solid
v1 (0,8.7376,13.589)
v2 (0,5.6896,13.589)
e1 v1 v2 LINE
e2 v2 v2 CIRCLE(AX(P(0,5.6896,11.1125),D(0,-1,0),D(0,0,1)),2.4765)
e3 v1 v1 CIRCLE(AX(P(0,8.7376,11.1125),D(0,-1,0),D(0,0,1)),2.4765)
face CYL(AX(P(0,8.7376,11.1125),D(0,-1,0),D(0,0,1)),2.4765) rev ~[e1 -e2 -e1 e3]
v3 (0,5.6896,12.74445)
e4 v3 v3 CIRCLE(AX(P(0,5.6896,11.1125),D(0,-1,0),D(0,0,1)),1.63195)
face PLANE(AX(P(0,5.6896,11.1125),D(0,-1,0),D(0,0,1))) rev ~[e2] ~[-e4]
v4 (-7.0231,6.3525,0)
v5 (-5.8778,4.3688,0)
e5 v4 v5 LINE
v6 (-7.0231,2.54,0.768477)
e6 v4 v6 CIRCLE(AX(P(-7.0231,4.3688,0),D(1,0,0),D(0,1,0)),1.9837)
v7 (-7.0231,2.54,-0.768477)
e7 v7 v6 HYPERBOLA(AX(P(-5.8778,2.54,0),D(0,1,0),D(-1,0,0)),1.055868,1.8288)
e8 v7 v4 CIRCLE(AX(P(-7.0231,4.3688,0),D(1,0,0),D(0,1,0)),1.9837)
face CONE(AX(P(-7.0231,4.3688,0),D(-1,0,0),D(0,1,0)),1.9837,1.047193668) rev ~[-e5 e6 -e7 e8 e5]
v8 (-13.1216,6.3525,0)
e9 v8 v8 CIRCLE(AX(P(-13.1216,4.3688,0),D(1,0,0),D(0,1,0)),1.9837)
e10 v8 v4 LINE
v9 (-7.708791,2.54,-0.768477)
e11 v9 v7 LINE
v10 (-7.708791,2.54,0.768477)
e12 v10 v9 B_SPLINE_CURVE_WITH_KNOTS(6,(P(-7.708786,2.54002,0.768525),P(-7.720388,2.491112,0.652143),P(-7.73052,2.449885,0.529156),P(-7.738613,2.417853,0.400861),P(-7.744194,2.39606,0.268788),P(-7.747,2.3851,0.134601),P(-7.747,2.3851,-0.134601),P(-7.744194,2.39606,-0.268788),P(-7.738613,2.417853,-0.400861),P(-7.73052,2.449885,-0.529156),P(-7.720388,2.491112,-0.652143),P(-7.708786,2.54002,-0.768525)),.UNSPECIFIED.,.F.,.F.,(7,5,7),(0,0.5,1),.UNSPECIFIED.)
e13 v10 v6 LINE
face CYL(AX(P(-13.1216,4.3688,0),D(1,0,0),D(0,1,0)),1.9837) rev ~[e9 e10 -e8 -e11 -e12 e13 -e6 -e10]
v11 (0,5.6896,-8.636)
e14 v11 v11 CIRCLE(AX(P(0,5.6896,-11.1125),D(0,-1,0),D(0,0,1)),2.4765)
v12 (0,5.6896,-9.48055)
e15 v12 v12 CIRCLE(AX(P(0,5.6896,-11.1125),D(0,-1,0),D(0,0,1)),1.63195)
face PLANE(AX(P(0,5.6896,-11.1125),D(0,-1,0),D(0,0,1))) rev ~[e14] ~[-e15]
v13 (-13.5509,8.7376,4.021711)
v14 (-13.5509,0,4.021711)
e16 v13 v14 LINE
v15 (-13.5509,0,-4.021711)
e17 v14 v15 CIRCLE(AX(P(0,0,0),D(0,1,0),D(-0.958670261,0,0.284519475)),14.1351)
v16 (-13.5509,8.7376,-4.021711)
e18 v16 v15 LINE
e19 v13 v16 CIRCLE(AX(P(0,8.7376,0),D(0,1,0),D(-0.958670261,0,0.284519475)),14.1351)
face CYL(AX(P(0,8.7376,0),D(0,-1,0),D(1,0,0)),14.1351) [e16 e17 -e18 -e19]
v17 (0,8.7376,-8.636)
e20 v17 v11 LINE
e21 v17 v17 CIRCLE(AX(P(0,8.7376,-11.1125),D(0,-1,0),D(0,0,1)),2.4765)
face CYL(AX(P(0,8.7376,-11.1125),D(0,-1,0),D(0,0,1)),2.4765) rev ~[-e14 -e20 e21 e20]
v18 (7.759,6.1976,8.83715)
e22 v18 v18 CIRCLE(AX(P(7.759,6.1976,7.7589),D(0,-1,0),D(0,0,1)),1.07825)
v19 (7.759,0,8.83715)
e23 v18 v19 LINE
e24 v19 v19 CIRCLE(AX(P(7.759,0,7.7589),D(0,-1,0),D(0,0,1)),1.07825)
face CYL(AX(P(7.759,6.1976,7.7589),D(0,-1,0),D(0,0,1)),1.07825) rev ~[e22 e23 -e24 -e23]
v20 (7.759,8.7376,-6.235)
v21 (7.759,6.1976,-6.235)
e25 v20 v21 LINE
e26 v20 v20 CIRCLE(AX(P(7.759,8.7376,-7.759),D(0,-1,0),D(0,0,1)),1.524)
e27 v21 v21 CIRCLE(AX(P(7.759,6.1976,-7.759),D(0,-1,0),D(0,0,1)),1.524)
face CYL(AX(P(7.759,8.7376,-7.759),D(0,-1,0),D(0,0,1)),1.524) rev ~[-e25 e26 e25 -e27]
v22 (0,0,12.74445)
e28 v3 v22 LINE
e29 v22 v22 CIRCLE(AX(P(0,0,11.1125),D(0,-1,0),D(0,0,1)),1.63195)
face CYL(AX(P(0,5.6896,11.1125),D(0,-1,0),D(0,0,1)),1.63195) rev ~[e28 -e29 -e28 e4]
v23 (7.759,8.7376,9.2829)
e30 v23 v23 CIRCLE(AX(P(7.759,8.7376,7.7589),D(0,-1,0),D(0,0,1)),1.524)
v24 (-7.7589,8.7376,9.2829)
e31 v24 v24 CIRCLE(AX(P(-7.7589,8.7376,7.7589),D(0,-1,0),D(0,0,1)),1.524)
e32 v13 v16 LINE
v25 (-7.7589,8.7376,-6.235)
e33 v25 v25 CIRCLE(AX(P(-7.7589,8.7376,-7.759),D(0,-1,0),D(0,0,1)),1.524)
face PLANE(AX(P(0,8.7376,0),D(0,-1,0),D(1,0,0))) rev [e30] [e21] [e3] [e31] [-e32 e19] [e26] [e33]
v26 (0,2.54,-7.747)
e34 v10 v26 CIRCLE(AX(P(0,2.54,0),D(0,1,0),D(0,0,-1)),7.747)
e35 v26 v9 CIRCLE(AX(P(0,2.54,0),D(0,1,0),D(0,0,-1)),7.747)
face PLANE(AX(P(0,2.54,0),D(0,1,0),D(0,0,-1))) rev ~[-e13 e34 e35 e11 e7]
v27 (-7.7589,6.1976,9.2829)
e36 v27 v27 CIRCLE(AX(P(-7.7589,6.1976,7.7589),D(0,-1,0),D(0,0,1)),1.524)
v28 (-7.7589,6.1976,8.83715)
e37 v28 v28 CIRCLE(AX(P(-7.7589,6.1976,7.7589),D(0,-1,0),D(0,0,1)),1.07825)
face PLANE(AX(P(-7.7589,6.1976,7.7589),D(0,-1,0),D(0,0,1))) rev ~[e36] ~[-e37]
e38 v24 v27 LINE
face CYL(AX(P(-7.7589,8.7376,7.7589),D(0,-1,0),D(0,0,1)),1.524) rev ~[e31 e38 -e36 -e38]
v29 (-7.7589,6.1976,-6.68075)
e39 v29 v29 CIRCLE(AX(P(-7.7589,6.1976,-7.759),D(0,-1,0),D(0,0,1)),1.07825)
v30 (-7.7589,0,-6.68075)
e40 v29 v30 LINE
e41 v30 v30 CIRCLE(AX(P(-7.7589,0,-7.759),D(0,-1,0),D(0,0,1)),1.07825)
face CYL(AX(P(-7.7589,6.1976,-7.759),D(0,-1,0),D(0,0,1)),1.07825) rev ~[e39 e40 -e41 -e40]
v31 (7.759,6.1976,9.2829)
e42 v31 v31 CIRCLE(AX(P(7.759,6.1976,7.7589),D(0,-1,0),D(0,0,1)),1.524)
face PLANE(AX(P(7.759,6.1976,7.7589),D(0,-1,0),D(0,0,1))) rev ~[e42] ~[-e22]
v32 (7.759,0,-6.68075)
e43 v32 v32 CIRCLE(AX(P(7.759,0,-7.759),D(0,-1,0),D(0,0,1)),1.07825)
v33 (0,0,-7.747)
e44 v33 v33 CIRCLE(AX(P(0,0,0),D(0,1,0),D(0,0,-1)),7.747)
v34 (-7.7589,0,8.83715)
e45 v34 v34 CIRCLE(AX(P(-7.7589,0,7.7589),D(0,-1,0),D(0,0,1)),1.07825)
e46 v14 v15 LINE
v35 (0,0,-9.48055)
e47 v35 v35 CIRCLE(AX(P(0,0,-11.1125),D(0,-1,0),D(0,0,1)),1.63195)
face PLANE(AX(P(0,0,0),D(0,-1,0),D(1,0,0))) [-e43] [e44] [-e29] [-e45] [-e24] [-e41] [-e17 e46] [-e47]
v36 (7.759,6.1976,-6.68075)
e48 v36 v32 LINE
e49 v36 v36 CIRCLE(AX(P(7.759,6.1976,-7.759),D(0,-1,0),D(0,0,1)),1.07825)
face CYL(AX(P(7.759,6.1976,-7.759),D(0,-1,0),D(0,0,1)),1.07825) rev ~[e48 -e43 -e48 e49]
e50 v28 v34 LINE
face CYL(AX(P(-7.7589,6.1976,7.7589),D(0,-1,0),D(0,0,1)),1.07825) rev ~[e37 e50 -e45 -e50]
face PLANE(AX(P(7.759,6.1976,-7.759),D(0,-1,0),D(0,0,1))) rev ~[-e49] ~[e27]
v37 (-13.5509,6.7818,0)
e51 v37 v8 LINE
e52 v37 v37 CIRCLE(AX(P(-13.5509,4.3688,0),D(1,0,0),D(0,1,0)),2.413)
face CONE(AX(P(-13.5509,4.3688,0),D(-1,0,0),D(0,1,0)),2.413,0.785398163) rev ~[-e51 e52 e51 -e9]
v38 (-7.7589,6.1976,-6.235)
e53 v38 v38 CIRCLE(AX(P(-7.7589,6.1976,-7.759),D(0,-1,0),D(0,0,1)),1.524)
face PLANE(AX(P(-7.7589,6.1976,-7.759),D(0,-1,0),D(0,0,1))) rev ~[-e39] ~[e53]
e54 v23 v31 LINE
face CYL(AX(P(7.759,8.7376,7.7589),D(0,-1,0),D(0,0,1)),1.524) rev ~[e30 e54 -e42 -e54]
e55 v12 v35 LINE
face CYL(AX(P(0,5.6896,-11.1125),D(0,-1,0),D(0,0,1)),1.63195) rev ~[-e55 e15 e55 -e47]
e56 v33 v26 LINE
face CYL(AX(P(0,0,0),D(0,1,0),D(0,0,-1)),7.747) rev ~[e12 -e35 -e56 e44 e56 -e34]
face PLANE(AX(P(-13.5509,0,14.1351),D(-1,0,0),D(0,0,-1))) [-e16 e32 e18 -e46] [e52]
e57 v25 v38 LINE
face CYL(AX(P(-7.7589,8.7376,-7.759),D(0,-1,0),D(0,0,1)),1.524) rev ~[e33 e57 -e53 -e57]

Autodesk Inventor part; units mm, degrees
sketch "Sketch_1" plane through (0, 0, 0) normal (0, 0, 1) x (1, 0, 0)
  line L0 (0, 0) -> (0, 8.7376)
  line L1 (0, 8.7376) -> (14.1351, 8.7376)
  line L2 (14.1351, 8.7376) -> (14.1351, 0)
  line L3 (14.1351, 0) -> (0, 0)
  line L4 (0, 0) -> (0, 8.7376)
revolve "Revolution1" add sketch "Sketch_1" angle 360 about axis through (0, 0, 0) along (0, -1, 0)
sketch "Sketch_63" plane through (0, 0, 0) normal (0, 1, 0) x (-1, 0, 0)
  line L0 (20.6184, 14.1351) -> (13.5509, 14.1351)
  line L1 (13.5509, 14.1351) -> (13.5509, -14.1351)
  line L2 (13.5509, -14.1351) -> (20.6184, -14.1351)
  line L3 (20.6184, -14.1351) -> (20.6184, 14.1351)
extrude "Extrusion1" cut sketch "Sketch_63" along normal blind 8.7376
sketch "Sketch_37" plane through (0, 0, 0) normal (0, 0, 1) x (1, 0, 0)
  line L0 (-5.8778, 4.3688) -> (-14.1351, 4.3688)
  line L1 (-14.1351, 4.3688) -> (-14.1351, 8.3376)
  line L2 (-14.1351, 8.3376) -> (-13.5509, 8.3376)
  line L3 (-13.5509, 8.3376) -> (-13.5509, 6.7818)
  line L4 (-13.5509, 6.7818) -> (-13.1216, 6.3525)
  line L5 (-13.1216, 6.3525) -> (-7.0231, 6.3525)
  line L6 (-7.0231, 6.3525) -> (-5.8778, 4.3688)
  line L7 (-5.8778, 4.3688) -> (-14.1351, 4.3688)
revolve "Revolution2" cut sketch "Sketch_37" angle 360 about axis through (-5.8778, 4.3688, 0) along (1, 0, 0)
thread "Thread1" size "10-32 UNF" class "2B" standard "ANSI Unified Screw Threads" length 4.6507
sketch "Sketch4" plane through (0, 0, 0) normal (0, -1, 0) x (1, 0, 0)
  point P0 (0, 0)
hole "Hole1" at (0, 0, 0) direction (0, 1, 0) diameter 15.494 depth 2.54
sketch "Sketch5" plane through (0, 8.7376, 0) normal (0, 1, 0) x (1, 0, 0)
  point P0 (0, -11.1125)
hole "Hole2" at (0, 8.7376, 11.1125) direction (0, -1, 0) diameter 3.2639 depth 8.7376 counterbore diameter 4.953 counterbore depth 3.048
sketch "Sketch6" plane through (0, 8.7376, 0) normal (0, 1, 0) x (1, 0, 0)
  point P0 (0, 11.1125)
hole "Hole3" at (0, 8.7376, -11.1125) direction (0, -1, 0) diameter 3.2639 depth 8.7376 counterbore diameter 4.953 counterbore depth 3.048
sketch "Sketch7" plane through (0, 8.7376, 0) normal (0, 1, 0) x (1, 0, 0)
  point P0 (-7.7589, -7.7589)
hole "Hole4" at (-7.7589, 8.7376, 7.7589) direction (0, -1, 0) diameter 2.1565 depth 8.7376 counterbore diameter 3.048 counterbore depth 2.54 thread size "4-40 UNC" class "2B" standard "ANSI Unified Screw Threads"
pattern_linear "Rectangular Pattern1" count 2 spacing 15.5179 along (1, 0, 0) count 2 spacing 15.5179 along (0, 0, -1) of "Hole4"
ref_plane "a1_XY" through (0, 8.7376, -14.1351) normal (0, 1, 0) x (1, 0, 0)
ref_plane "a1_YZ" through (0, 8.7376, -14.1351) normal (1, 0, 0) x (0, 0, -1)
ref_plane "a1_ZX" through (0, 8.7376, -14.1351) normal (0, 0, -1) x (0, 1, 0)
ref_plane "a2_XY" through (0, 8.7376, 14.1351) normal (0, 1, 0) x (1, 0, 0)
ref_plane "a2_YZ" through (0, 8.7376, 14.1351) normal (1, 0, 0) x (0, 0, -1)
ref_plane "a2_ZX" through (0, 8.7376, 14.1351) normal (0, 0, -1) x (0, 1, 0)
ref_plane "ar3_XY" through (-7.9026, 2.54, 7.9026) normal (0, 1, 0) x (1, 0, 0)
ref_plane "ar3_YZ" through (-7.9026, 2.54, 7.9026) normal (1, 0, 0) x (0, 0, -1)
ref_plane "ar3_ZX" through (-7.9026, 2.54, 7.9026) normal (0, 0, -1) x (0, 1, 0)
ref_plane "ar4_XY" through (7.9026, 2.54, 7.9026) normal (0, 1, 0) x (1, 0, 0)
ref_plane "ar4_YZ" through (7.9026, 2.54, 7.9026) normal (1, 0, 0) x (0, 0, -1)
ref_plane "ar4_ZX" through (7.9026, 2.54, 7.9026) normal (0, 0, -1) x (0, 1, 0)
ref_plane "ar5_XY" through (7.9026, 2.54, -7.9026) normal (0, 1, 0) x (1, 0, 0)
ref_plane "ar5_YZ" through (7.9026, 2.54, -7.9026) normal (1, 0, 0) x (0, 0, -1)
ref_plane "ar5_ZX" through (7.9026, 2.54, -7.9026) normal (0, 0, -1) x (0, 1, 0)
ref_plane "ar6_XY" through (-7.9026, 2.54, -7.9026) normal (0, 1, 0) x (1, 0, 0)
ref_plane "ar6_YZ" through (-7.9026, 2.54, -7.9026) normal (1, 0, 0) x (0, 0, -1)
ref_plane "ar6_ZX" through (-7.9026, 2.54, -7.9026) normal (0, 0, -1) x (0, 1, 0)
ref_plane "b1_XY" through (0, 8.7376, 0) normal (0, 1, 0) x (1, 0, 0)
ref_plane "b1_YZ" through (0, 8.7376, 0) normal (1, 0, 0) x (0, 0, -1)
ref_plane "b1_ZX" through (0, 8.7376, 0) normal (0, 0, -1) x (0, 1, 0)
ref_plane "j_XY" through (0, 0, 0) normal (0, 1, 0) x (1, 0, 0)
ref_plane "j_YZ" through (0, 0, 0) normal (1, 0, 0) x (0, 0, -1)
ref_plane "j_ZX" through (0, 0, 0) normal (0, 0, -1) x (0, 1, 0)
ref_plane "k1_XY" through (-13.5509, 4.3688, 0) normal (0, 0, 1) x (1, 0, 0)
ref_plane "k1_YZ" through (-13.5509, 4.3688, 0) normal (1, 0, 0) x (0, 1, 0)
ref_plane "k1_ZX" through (-13.5509, 4.3688, 0) normal (0, 1, 0) x (0, 0, 1)
ref_plane "k2_XY" through (-13.5509, 8.7376, 0) normal (0, 0, 1) x (1, 0, 0)
ref_plane "k2_YZ" through (-13.5509, 8.7376, 0) normal (1, 0, 0) x (0, 1, 0)
ref_plane "k2_ZX" through (-13.5509, 8.7376, 0) normal (0, 1, 0) x (0, 0, 1)
ref_plane "l1_XY" through (-13.5509, 6.7818, 0) normal (0, 0, 1) x (1, 0, 0)
ref_plane "l1_YZ" through (-13.5509, 6.7818, 0) normal (1, 0, 0) x (0, 1, 0)
ref_plane "l1_ZX" through (-13.5509, 6.7818, 0) normal (0, 1, 0) x (0, 0, 1)
ref_plane "l2_XY" through (-13.5509, 1.9558, 0) normal (0, 0, 1) x (1, 0, 0)
ref_plane "l2_YZ" through (-13.5509, 1.9558, 0) normal (1, 0, 0) x (0, 1, 0)
ref_plane "l2_ZX" through (-13.5509, 1.9558, 0) normal (0, 1, 0) x (0, 0, 1)
ref_plane "po1_XY" through (10.9728, 0, 0) normal (0, 1, 0) x (1, 0, 0)
ref_plane "po1_YZ" through (10.9728, 0, 0) normal (1, 0, 0) x (0, 0, -1)
ref_plane "po1_ZX" through (10.9728, 0, 0) normal (0, 0, -1) x (0, 1, 0)
ref_plane "po2_XY" through (-5.4864, 0, -9.5027) normal (0, 1, 0) x (1, 0, 0)
ref_plane "po2_YZ" through (-5.4864, 0, -9.5027) normal (1, 0, 0) x (0, 0, -1)
ref_plane "po2_ZX" through (-5.4864, 0, -9.5027) normal (0, 0, -1) x (0, 1, 0)
ref_plane "po3_XY" through (-5.4864, 0, 9.5027) normal (0, 1, 0) x (1, 0, 0)
ref_plane "po3_YZ" through (-5.4864, 0, 9.5027) normal (1, 0, 0) x (0, 0, -1)
ref_plane "po3_ZX" through (-5.4864, 0, 9.5027) normal (0, 0, -1) x (0, 1, 0)
ref_plane "r7_XY" through (-1.7526, 8.7376, -11.1125) normal (0, 1, 0) x (1, 0, 0)
ref_plane "r7_YZ" through (-1.7526, 8.7376, -11.1125) normal (1, 0, 0) x (0, 0, -1)
ref_plane "r7_ZX" through (-1.7526, 8.7376, -11.1125) normal (0, 0, -1) x (0, 1, 0)
ref_plane "r71_XY" through (0, 8.7376, 11.1125) normal (0, 1, 0) x (1, 0, 0)
ref_plane "r71_YZ" through (0, 8.7376, 11.1125) normal (1, 0, 0) x (0, 0, -1)
ref_plane "r71_ZX" through (0, 8.7376, 11.1125) normal (0, 0, -1) x (0, 1, 0)
ref_plane "r72_XY" through (1.7526, 8.7376, -11.1125) normal (0, 1, 0) x (1, 0, 0)
ref_plane "r72_YZ" through (1.7526, 8.7376, -11.1125) normal (1, 0, 0) x (0, 0, -1)
ref_plane "r72_ZX" through (1.7526, 8.7376, -11.1125) normal (0, 0, -1) x (0, 1, 0)
ref_plane "r73_XY" through (0, 8.7376, -11.1125) normal (0, 1, 0) x (1, 0, 0)
ref_plane "r73_YZ" through (0, 8.7376, -11.1125) normal (1, 0, 0) x (0, 0, -1)
ref_plane "r73_ZX" through (0, 8.7376, -11.1125) normal (0, 0, -1) x (0, 1, 0)
ref_plane "rg_XY" through (0, 8.7376, 0) normal (0, 1, 0) x (1, 0, 0)
ref_plane "rg_YZ" through (0, 8.7376, 0) normal (1, 0, 0) x (0, 0, -1)
ref_plane "rg_ZX" through (0, 8.7376, 0) normal (0, 0, -1) x (0, 1, 0)
ref_plane "rh_XY" through (0, 8.7376, 0) normal (0, 1, 0) x (1, 0, 0)
ref_plane "rh_YZ" through (0, 8.7376, 0) normal (1, 0, 0) x (0, 0, -1)
ref_plane "rh_ZX" through (0, 8.7376, 0) normal (0, 0, -1) x (0, 1, 0)
ref_plane "rs_1_XY" through (0, 10.5156, -11.1125) normal (0, 1, 0) x (1, 0, 0)
ref_plane "rs_1_YZ" through (0, 10.5156, -11.1125) normal (1, 0, 0) x (0, 0, -1)
ref_plane "rs_1_ZX" through (0, 10.5156, -11.1125) normal (0, 0, -1) x (0, 1, 0)
ref_plane "rs_2_XY" through (-11.1125, 10.5156, 0) normal (0, 1, 0) x (1, 0, 0)
ref_plane "rs_2_YZ" through (-11.1125, 10.5156, 0) normal (1, 0, 0) x (0, 0, -1)
ref_plane "rs_2_ZX" through (-11.1125, 10.5156, 0) normal (0, 0, -1) x (0, 1, 0)
ref_plane "rs_3_XY" through (0, 10.5156, 11.1125) normal (0, 1, 0) x (1, 0, 0)
ref_plane "rs_3_YZ" through (0, 10.5156, 11.1125) normal (1, 0, 0) x (0, 0, -1)
ref_plane "rs_3_ZX" through (0, 10.5156, 11.1125) normal (0, 0, -1) x (0, 1, 0)
ref_plane "rs_4_XY" through (11.1125, 10.5156, 0) normal (0, 1, 0) x (1, 0, 0)
ref_plane "rs_4_YZ" through (11.1125, 10.5156, 0) normal (1, 0, 0) x (0, 0, -1)
ref_plane "rs_4_ZX" through (11.1125, 10.5156, 0) normal (0, 0, -1) x (0, 1, 0)
ref_plane "sc1_XY" through (10.9728, 4.9276, 0) normal (0, 1, 0) x (1, 0, 0)
ref_plane "sc1_YZ" through (10.9728, 4.9276, 0) normal (1, 0, 0) x (0, 0, -1)
ref_plane "sc1_ZX" through (10.9728, 4.9276, 0) normal (0, 0, -1) x (0, 1, 0)
ref_plane "sc2_XY" through (-5.4864, 4.9276, -9.5027) normal (0, 1, 0) x (1, 0, 0)
ref_plane "sc2_YZ" through (-5.4864, 4.9276, -9.5027) normal (1, 0, 0) x (0, 0, -1)
ref_plane "sc2_ZX" through (-5.4864, 4.9276, -9.5027) normal (0, 0, -1) x (0, 1, 0)
ref_plane "sc3_XY" through (-5.4864, 4.9276, 9.5027) normal (0, 1, 0) x (1, 0, 0)
ref_plane "sc3_YZ" through (-5.4864, 4.9276, 9.5027) normal (1, 0, 0) x (0, 0, -1)
ref_plane "sc3_ZX" through (-5.4864, 4.9276, 9.5027) normal (0, 0, -1) x (0, 1, 0)
ref_plane "to_dummy_XY" through (0, 8.7376, 0) normal (0, 1, 0) x (1, 0, 0)
ref_plane "to_dummy_YZ" through (0, 8.7376, 0) normal (1, 0, 0) x (0, 0, -1)
ref_plane "to_dummy_ZX" through (0, 8.7376, 0) normal (0, 0, -1) x (0, 1, 0)
ref_plane "to_nut_XY" through (0, 10.2616, 0) normal (0, 1, 0) x (1, 0, 0)
ref_plane "to_nut_YZ" through (0, 10.2616, 0) normal (1, 0, 0) x (0, 0, -1)
ref_plane "to_nut_ZX" through (0, 10.2616, 0) normal (0, 0, -1) x (0, 1, 0)
ref_plane "to_rod_XY" through (0, 8.7376, 0) normal (0, 1, 0) x (1, 0, 0)
ref_plane "to_rod_YZ" through (0, 8.7376, 0) normal (1, 0, 0) x (0, 0, -1)
ref_plane "to_rod_ZX" through (0, 8.7376, 0) normal (0, 0, -1) x (0, 1, 0)
ref_plane "to_tube_XY" through (0, 2.54, 0) normal (0, 1, 0) x (1, 0, 0)
ref_plane "to_tube_YZ" through (0, 2.54, 0) normal (1, 0, 0) x (0, 0, -1)
ref_plane "to_tube_ZX" through (0, 2.54, 0) normal (0, 0, -1) x (0, 1, 0)
ref_plane "to_wiper_XY" through (0, 8.7376, 0) normal (0, 1, 0) x (1, 0, 0)
ref_plane "to_wiper_YZ" through (0, 8.7376, 0) normal (1, 0, 0) x (0, 0, -1)
ref_plane "to_wiper_ZX" through (0, 8.7376, 0) normal (0, 0, -1) x (0, 1, 0)
ref_plane "track1_XY" through (-7.7851, 0, 0) normal (0, 1, 0) x (1, 0, 0)
ref_plane "track1_YZ" through (-7.7851, 0, 0) normal (1, 0, 0) x (0, 0, -1)
ref_plane "track1_ZX" through (-7.7851, 0, 0) normal (0, 0, -1) x (0, 1, 0)
ref_plane "track2_XY" through (0, 0, -7.7851) normal (0, 1, 0) x (1, 0, 0)
ref_plane "track2_YZ" through (0, 0, -7.7851) normal (1, 0, 0) x (0, 0, -1)
ref_plane "track2_ZX" through (0, 0, -7.7851) normal (0, 0, -1) x (0, 1, 0)
ref_plane "track3_XY" through (7.7851, 0, 0) normal (0, 1, 0) x (1, 0, 0)
ref_plane "track3_YZ" through (7.7851, 0, 0) normal (1, 0, 0) x (0, 0, -1)
ref_plane "track3_ZX" through (7.7851, 0, 0) normal (0, 0, -1) x (0, 1, 0)
ref_plane "track4_XY" through (0, 0, 7.7851) normal (0, 1, 0) x (1, 0, 0)
ref_plane "track4_YZ" through (0, 0, 7.7851) normal (1, 0, 0) x (0, 0, -1)
ref_plane "track4_ZX" through (0, 0, 7.7851) normal (0, 0, -1) x (0, 1, 0)
properties part number "02-2-0.125-FO1_BM_heads_left-bif"
